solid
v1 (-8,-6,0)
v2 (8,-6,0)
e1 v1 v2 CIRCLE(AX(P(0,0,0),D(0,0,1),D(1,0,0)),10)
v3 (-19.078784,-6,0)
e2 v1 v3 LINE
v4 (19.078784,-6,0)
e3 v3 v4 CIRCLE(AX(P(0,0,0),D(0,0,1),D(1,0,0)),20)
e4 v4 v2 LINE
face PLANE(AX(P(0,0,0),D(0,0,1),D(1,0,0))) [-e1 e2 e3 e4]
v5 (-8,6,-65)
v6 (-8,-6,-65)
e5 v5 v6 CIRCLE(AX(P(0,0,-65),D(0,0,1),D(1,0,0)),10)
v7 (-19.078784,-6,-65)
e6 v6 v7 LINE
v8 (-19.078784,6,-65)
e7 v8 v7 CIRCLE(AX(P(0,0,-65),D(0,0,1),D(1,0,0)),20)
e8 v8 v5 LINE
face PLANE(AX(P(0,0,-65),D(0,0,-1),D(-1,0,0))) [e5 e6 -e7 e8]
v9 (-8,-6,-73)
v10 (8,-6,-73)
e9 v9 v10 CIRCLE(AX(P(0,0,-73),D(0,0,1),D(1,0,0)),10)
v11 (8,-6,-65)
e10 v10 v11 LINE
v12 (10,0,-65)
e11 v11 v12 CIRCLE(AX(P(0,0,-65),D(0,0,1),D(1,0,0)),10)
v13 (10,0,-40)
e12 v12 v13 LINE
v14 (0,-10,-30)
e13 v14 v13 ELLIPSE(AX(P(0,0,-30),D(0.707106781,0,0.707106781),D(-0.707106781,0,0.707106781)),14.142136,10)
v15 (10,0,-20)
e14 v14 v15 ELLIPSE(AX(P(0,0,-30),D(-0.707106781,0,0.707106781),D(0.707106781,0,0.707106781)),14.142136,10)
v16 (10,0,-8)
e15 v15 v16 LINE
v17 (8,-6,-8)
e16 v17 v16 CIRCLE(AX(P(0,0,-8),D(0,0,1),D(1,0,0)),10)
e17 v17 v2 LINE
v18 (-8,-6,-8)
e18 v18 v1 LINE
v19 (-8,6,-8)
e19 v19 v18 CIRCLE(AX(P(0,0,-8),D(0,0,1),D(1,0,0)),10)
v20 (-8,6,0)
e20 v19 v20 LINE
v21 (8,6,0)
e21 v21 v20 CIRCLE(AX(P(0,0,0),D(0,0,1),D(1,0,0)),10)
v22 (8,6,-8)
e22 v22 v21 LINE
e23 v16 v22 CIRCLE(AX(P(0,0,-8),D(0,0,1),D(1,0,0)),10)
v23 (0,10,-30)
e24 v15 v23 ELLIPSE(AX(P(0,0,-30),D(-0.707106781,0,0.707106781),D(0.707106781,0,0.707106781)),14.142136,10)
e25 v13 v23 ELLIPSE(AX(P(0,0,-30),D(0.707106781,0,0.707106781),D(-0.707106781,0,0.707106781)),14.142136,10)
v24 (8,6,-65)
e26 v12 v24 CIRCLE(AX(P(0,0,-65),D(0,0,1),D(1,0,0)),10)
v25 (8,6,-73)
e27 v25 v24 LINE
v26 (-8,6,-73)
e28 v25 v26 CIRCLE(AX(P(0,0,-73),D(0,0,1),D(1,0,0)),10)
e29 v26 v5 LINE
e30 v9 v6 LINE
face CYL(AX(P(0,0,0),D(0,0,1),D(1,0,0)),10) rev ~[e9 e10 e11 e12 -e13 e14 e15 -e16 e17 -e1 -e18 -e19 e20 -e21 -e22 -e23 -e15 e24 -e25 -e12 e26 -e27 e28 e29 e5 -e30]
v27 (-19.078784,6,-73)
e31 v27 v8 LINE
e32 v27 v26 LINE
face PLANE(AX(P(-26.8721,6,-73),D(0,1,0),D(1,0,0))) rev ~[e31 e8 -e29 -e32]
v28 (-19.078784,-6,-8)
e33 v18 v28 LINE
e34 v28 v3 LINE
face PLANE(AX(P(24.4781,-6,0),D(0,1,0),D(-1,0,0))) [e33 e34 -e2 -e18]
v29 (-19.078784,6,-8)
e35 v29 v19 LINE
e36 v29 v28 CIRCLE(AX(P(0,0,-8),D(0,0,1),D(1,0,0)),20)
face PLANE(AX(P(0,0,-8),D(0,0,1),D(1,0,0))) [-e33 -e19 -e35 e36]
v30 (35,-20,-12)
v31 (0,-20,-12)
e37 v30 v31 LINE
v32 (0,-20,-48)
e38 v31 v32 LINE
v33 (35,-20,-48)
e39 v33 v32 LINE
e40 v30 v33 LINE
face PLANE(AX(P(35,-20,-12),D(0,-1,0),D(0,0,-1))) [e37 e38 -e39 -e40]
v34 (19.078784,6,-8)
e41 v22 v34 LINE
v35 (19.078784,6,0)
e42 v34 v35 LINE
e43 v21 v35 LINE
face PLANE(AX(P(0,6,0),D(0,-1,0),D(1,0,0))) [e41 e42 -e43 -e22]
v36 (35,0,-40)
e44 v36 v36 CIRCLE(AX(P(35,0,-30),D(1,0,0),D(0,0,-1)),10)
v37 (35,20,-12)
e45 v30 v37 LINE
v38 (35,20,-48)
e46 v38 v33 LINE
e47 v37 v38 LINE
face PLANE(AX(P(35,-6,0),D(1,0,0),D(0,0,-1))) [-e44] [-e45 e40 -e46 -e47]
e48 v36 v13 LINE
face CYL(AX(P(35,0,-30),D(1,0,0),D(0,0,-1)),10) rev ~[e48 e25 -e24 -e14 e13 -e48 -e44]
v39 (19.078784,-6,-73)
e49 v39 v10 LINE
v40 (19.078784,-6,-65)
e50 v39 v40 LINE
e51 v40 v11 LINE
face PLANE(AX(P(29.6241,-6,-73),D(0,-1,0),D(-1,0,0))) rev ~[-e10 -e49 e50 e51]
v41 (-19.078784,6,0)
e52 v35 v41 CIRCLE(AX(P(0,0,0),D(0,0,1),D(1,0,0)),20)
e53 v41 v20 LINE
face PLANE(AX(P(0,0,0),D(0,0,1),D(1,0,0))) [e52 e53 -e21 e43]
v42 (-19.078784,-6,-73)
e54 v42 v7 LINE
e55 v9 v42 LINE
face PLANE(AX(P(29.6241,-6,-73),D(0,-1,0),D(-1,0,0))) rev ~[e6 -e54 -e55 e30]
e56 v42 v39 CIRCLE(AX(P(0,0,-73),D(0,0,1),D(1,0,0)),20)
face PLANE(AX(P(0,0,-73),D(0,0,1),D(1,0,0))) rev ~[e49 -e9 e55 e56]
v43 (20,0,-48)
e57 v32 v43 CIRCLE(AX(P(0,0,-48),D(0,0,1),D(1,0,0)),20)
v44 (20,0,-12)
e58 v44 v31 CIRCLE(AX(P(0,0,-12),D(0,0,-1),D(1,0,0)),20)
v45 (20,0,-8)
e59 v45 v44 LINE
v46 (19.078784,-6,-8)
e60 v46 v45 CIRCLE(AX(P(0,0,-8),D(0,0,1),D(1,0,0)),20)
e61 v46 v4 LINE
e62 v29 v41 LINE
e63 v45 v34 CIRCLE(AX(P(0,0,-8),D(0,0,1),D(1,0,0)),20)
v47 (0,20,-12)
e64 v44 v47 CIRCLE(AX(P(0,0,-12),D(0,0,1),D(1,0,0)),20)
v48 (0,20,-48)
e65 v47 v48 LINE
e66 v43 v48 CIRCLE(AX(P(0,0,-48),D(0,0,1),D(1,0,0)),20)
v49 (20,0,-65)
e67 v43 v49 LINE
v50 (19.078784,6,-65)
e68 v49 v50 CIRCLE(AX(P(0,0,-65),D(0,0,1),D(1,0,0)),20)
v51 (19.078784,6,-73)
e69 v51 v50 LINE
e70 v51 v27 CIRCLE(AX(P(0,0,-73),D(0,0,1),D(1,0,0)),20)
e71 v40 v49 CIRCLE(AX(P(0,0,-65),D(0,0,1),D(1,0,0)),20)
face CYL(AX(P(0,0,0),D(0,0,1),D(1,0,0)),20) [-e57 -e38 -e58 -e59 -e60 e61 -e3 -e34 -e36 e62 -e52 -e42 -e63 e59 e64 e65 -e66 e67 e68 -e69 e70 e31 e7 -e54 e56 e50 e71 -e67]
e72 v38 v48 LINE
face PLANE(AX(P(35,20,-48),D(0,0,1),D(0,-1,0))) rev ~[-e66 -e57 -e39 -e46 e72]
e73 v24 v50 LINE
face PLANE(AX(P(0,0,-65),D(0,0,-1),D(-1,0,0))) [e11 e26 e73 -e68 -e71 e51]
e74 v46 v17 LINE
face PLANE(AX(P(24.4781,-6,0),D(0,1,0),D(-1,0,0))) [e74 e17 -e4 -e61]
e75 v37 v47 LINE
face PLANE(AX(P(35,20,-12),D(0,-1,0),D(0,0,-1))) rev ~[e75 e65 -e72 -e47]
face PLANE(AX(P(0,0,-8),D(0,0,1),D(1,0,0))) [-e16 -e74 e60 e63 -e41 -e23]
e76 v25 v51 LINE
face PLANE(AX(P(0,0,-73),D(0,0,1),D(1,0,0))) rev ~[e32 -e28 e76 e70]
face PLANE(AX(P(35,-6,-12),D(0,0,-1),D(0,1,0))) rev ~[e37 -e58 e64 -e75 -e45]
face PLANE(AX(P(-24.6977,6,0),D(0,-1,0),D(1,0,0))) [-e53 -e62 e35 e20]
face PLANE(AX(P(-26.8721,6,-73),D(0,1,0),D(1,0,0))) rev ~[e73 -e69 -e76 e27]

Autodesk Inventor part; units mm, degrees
ref_plane "YZ Plane" through (0, 0, 0) normal (1, 0, 0) x (0, 1, 0)
sketch "Szkic1" plane through (0, 0, 0) normal (0, 0, 1) x (1, 0, 0)
  circle A0 centre (0, 0) radius 20
  circle A1 centre (0, 0) radius 10
  dimension "d0" = 40
  dimension "d1" = 20
extrude "Wyciągnięcie proste1" add sketch "Szkic1" against normal blind 73
sketch "Szkic2" plane through (0, 0, 0) normal (0, 0, 1) x (1, 0, 0)
  line L0 (0, 0) -> (0, 6)
  line L1 (0, 6) -> (24.4781, 6)
  line L2 (24.4781, 6) -> (24.4781, -6)
  line L3 (24.4781, -6) -> (-24.6977, -6)
  line L4 (-24.6977, -6) -> (-24.6977, 6)
  line L5 (-24.6977, 6) -> (0, 6)
  dimension "d4" = 6
  dimension "d5" = 12
extrude "Wyciągnięcie proste2" cut sketch "Szkic2" against normal blind 8
sketch "Szkic3" plane through (0, 0, -73) normal (0, 0, -1) x (-1, 0, 0)
  line L0 (0, 0) -> (23.7964, 0)
  line L1 (0, 0) -> (26.8721, 0)
  line L2 (26.8721, 0) -> (26.8721, 6)
  line L3 (26.8721, 6) -> (-29.6241, 6)
  line L4 (-29.6241, 6) -> (-29.6241, -6)
  line L5 (-29.6241, -6) -> (26.8721, -6)
  line L6 (26.8721, -6) -> (26.8721, 0)
  dimension "d8" = 6
  dimension "d9" = 12
extrude "Wyciągnięcie proste3" cut sketch "Szkic3" against normal blind 8
ref_plane "Płaszczyzna konstrukcyjna1" through (35, -6, 0) normal (1, 0, 0) x (0, 0, -1)
sketch "Szkic5" plane through (35, -6, 0) normal (1, 0, 0) x (0, 0, -1)
  point P0 (0, 6)
ref_plane "Płaszczyzna konstrukcyjna2" through (35, -6, 0) normal (1, 0, 0) x (0, 0, -1)
sketch "Szkic6" plane through (35, -6, 0) normal (1, 0, 0) x (0, 0, -1)
  line L0 (12, 0) -> (12, 2) projected
  line L1 (12, 2) -> (12, 26)
  line L2 (0, 26) -> (73, 26) projected
  line L3 (12, 26) -> (48, 26)
  line L4 (48, 26) -> (48, -14)
  line L5 (0, -14) -> (73, -14) projected
  line L6 (12, -14) -> (12, 2)
  line L7 (12, 0) -> (0, 0) projected
  point P0 (0, 6)
  dimension "d16" = 36
extrude "Wyciągnięcie proste5" add sketch "Szkic6" against normal blind 35
sketch "Szkic7" plane through (0, 0, -12) normal (0, 0, 1) x (1, 0, 0)
  circle A0 centre (0, 0) radius 10
  dimension "d19" = 20
extrude "Wyciągnięcie proste6" cut sketch "Szkic7" against normal blind 65
sketch "Szkic8" plane through (35, -6, 0) normal (1, 0, 0) x (0, 0, -1)
  line L0 (12, 26) -> (12, -14) projected
  circle A0 centre (30, 6) radius 10
  point P0 (0, 6)
  dimension "d24" = 20
extrude "Wyciągnięcie proste7" cut sketch "Szkic8" against normal blind 35
